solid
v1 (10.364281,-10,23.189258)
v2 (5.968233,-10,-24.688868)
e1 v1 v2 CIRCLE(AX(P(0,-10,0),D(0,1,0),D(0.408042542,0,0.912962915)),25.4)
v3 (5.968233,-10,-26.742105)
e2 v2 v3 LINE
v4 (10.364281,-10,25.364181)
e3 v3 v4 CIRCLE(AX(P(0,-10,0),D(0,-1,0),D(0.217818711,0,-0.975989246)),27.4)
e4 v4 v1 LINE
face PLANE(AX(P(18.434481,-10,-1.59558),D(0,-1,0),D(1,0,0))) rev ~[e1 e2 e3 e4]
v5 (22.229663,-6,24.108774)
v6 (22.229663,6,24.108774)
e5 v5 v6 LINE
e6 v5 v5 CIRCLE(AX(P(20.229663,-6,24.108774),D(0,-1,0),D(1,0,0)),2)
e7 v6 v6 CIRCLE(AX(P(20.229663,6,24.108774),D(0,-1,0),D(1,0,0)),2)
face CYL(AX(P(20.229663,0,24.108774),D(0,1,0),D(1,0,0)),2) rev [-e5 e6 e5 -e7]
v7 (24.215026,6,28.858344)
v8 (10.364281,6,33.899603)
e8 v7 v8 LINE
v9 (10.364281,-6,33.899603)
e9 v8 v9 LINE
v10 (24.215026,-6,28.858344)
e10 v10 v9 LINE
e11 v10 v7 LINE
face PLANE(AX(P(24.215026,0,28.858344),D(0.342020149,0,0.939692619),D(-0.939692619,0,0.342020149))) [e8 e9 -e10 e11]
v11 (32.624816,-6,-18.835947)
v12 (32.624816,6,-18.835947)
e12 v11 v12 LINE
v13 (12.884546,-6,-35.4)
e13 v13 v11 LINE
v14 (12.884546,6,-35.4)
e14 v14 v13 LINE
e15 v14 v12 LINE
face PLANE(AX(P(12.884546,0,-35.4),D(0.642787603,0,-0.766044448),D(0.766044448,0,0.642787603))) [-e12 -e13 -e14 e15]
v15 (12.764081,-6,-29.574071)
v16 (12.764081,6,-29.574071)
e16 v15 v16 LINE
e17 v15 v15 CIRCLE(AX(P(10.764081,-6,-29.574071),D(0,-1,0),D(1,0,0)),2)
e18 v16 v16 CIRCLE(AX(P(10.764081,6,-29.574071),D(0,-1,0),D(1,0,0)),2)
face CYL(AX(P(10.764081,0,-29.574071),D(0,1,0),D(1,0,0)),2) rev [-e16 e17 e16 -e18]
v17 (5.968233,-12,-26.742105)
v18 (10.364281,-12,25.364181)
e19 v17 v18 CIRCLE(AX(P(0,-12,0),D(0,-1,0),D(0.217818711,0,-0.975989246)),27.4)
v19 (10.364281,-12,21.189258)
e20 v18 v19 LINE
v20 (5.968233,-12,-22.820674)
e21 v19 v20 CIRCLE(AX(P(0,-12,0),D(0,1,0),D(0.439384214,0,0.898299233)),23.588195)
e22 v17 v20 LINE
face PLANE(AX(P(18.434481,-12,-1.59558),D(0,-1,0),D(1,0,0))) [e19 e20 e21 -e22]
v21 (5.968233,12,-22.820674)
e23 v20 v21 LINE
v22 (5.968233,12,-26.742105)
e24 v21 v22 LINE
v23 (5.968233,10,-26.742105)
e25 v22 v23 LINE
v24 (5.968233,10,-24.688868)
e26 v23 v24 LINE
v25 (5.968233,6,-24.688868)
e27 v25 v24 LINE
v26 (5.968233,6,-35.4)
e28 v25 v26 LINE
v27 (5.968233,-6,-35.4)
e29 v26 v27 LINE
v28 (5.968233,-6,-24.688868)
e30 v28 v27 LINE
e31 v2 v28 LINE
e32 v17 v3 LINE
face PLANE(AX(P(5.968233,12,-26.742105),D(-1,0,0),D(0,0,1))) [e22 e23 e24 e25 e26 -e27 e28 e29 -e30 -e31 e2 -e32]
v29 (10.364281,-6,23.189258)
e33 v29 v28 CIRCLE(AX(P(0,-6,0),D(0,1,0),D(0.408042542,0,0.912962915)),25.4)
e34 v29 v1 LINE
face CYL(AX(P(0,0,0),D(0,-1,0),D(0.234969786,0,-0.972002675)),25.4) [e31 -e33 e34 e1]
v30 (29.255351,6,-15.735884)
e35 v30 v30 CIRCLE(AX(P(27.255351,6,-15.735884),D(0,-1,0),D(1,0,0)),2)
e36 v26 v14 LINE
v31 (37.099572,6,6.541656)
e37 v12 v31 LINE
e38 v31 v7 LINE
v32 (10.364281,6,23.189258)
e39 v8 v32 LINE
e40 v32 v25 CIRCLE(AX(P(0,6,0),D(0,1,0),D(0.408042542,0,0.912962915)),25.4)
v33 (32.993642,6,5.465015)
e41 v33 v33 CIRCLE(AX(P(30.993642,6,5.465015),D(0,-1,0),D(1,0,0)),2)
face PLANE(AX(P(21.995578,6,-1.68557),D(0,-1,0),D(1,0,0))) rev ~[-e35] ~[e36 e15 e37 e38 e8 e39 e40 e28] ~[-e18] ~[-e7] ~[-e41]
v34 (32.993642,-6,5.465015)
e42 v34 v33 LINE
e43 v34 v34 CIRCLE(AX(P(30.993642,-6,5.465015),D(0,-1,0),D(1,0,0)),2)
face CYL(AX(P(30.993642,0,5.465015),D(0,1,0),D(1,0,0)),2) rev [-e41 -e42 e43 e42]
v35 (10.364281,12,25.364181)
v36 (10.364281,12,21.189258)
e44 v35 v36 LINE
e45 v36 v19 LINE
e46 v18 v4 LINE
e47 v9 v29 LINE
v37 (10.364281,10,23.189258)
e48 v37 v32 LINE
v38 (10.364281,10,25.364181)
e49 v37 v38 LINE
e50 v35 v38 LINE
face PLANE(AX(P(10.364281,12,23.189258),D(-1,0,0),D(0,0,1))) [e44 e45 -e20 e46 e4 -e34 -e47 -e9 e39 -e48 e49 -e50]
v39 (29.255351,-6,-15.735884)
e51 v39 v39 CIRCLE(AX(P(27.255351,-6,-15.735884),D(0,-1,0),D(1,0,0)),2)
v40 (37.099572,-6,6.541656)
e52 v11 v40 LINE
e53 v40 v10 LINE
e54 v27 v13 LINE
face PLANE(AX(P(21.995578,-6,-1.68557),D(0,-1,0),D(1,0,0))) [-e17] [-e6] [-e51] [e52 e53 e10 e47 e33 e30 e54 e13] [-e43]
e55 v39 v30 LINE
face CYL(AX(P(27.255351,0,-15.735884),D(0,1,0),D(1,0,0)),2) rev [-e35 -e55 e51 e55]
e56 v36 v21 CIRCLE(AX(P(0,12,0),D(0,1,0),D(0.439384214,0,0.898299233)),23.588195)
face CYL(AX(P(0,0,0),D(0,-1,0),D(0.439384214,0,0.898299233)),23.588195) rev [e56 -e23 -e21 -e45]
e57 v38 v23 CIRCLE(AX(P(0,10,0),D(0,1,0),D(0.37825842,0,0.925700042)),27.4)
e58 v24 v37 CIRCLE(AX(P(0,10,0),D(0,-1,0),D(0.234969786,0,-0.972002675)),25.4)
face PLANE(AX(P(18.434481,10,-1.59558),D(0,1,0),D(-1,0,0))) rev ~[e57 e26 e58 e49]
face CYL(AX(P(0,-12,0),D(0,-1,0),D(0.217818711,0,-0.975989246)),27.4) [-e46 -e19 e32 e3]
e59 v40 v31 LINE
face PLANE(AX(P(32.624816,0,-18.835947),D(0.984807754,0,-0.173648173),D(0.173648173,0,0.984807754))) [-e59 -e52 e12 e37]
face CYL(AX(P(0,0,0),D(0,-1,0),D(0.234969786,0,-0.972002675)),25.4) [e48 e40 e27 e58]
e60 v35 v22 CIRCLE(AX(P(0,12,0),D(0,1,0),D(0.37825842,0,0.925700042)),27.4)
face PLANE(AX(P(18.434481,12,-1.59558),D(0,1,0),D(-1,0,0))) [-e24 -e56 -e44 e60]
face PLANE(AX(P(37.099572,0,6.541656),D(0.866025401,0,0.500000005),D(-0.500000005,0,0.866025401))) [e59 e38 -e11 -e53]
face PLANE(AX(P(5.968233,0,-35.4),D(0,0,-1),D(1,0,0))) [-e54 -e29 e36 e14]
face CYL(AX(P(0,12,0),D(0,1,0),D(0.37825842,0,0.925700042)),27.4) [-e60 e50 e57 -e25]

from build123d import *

# Parameters (mm, degrees)
F0_R     = 2
F1_DEPTH = 6
F2_DEPTH = 12
F4_DEPTH = 2
F6_DEPTH = 2


with BuildPart() as f1:
    # F0 (on Front) → F1 (new body, symmetric)
    with BuildSketch(Plane.XZ):
        with BuildLine():
            Line((24.215026, 28.858344), (10.364281, 33.899603))
            Line((10.364281, 33.899603), (10.364281, 25.364181))
            ThreePointArc((10.364281, 25.364181), (27.303004, -2.303471), (5.968233, -26.742105))
            Line((5.968233, -26.742105), (5.968233, -35.4))
            Line((5.968233, -35.4), (12.884546, -35.4))
            Line((12.884546, -35.4), (32.624816, -18.835947))
            Line((32.624816, -18.835947), (37.099572, 6.541656))
            Line((37.099572, 6.541656), (24.215026, 28.858344))
        make_face()
        with Locations((10.764081, -29.574071)):
            Circle(F0_R, mode=Mode.SUBTRACT)
        with Locations((27.255351, -15.735884)):
            Circle(F0_R, mode=Mode.SUBTRACT)
        with Locations((20.229663, 24.108774)):
            Circle(F0_R, mode=Mode.SUBTRACT)
        with Locations((30.993642, 5.465015)):
            Circle(F0_R, mode=Mode.SUBTRACT)
        with BuildLine():
            ThreePointArc((5.968233, -26.742105), (27.303004, -2.303471), (10.364281, 25.364181))
            Line((10.364281, 25.364181), (10.364281, 23.189258))
            ThreePointArc((10.364281, 23.189258), (25.293606, -2.322395), (5.968233, -24.688868))
            Line((5.968233, -24.688868), (5.968233, -26.742105))
        make_face()
    extrude(amount=F1_DEPTH, both=True)

    # F0 (on Front) → F2 (join, symmetric)
    with BuildSketch(Plane.XZ):
        with BuildLine():
            ThreePointArc((5.968233, -24.688868), (25.293606, -2.322395), (10.364281, 23.189258))
            Line((10.364281, 23.189258), (10.364281, 21.189258))
            ThreePointArc((10.364281, 21.189258), (23.471393, -2.344502), (5.968233, -22.820674))
            Line((5.968233, -22.820674), (5.968233, -24.688868))
        make_face()
    extrude(amount=F2_DEPTH, both=True)

    # F3 (on face) → F4 (join)
    with BuildSketch(Plane.XZ.offset(12)):
        with BuildLine():
            Line((5.968233, -24.688868), (5.968233, -26.742105))
            ThreePointArc((5.968233, -26.742105), (27.303004, -2.303471), (10.364281, 25.364181))
            Line((10.364281, 25.364181), (10.364281, 23.189258))
            ThreePointArc((10.364281, 23.189258), (25.293606, -2.322395), (5.968233, -24.688868))
        make_face()
    extrude(amount=-F4_DEPTH)

    # F5 (on face) → F6 (join)
    with BuildSketch(Plane(origin=(0, 12, 0), x_dir=(-1, 0, 0), z_dir=(0, 1, 0))):
        with BuildLine():
            ThreePointArc((-10.364281, 25.364181), (-27.303004, -2.303471), (-5.968233, -26.742105))
            Line((-5.968233, -26.742105), (-5.968233, -24.688868))
            ThreePointArc((-5.968233, -24.688868), (-25.293606, -2.322395), (-10.364281, 23.189258))
            Line((-10.364281, 23.189258), (-10.364281, 25.364181))
        make_face()
    extrude(amount=-F6_DEPTH)


solid = f1.part
